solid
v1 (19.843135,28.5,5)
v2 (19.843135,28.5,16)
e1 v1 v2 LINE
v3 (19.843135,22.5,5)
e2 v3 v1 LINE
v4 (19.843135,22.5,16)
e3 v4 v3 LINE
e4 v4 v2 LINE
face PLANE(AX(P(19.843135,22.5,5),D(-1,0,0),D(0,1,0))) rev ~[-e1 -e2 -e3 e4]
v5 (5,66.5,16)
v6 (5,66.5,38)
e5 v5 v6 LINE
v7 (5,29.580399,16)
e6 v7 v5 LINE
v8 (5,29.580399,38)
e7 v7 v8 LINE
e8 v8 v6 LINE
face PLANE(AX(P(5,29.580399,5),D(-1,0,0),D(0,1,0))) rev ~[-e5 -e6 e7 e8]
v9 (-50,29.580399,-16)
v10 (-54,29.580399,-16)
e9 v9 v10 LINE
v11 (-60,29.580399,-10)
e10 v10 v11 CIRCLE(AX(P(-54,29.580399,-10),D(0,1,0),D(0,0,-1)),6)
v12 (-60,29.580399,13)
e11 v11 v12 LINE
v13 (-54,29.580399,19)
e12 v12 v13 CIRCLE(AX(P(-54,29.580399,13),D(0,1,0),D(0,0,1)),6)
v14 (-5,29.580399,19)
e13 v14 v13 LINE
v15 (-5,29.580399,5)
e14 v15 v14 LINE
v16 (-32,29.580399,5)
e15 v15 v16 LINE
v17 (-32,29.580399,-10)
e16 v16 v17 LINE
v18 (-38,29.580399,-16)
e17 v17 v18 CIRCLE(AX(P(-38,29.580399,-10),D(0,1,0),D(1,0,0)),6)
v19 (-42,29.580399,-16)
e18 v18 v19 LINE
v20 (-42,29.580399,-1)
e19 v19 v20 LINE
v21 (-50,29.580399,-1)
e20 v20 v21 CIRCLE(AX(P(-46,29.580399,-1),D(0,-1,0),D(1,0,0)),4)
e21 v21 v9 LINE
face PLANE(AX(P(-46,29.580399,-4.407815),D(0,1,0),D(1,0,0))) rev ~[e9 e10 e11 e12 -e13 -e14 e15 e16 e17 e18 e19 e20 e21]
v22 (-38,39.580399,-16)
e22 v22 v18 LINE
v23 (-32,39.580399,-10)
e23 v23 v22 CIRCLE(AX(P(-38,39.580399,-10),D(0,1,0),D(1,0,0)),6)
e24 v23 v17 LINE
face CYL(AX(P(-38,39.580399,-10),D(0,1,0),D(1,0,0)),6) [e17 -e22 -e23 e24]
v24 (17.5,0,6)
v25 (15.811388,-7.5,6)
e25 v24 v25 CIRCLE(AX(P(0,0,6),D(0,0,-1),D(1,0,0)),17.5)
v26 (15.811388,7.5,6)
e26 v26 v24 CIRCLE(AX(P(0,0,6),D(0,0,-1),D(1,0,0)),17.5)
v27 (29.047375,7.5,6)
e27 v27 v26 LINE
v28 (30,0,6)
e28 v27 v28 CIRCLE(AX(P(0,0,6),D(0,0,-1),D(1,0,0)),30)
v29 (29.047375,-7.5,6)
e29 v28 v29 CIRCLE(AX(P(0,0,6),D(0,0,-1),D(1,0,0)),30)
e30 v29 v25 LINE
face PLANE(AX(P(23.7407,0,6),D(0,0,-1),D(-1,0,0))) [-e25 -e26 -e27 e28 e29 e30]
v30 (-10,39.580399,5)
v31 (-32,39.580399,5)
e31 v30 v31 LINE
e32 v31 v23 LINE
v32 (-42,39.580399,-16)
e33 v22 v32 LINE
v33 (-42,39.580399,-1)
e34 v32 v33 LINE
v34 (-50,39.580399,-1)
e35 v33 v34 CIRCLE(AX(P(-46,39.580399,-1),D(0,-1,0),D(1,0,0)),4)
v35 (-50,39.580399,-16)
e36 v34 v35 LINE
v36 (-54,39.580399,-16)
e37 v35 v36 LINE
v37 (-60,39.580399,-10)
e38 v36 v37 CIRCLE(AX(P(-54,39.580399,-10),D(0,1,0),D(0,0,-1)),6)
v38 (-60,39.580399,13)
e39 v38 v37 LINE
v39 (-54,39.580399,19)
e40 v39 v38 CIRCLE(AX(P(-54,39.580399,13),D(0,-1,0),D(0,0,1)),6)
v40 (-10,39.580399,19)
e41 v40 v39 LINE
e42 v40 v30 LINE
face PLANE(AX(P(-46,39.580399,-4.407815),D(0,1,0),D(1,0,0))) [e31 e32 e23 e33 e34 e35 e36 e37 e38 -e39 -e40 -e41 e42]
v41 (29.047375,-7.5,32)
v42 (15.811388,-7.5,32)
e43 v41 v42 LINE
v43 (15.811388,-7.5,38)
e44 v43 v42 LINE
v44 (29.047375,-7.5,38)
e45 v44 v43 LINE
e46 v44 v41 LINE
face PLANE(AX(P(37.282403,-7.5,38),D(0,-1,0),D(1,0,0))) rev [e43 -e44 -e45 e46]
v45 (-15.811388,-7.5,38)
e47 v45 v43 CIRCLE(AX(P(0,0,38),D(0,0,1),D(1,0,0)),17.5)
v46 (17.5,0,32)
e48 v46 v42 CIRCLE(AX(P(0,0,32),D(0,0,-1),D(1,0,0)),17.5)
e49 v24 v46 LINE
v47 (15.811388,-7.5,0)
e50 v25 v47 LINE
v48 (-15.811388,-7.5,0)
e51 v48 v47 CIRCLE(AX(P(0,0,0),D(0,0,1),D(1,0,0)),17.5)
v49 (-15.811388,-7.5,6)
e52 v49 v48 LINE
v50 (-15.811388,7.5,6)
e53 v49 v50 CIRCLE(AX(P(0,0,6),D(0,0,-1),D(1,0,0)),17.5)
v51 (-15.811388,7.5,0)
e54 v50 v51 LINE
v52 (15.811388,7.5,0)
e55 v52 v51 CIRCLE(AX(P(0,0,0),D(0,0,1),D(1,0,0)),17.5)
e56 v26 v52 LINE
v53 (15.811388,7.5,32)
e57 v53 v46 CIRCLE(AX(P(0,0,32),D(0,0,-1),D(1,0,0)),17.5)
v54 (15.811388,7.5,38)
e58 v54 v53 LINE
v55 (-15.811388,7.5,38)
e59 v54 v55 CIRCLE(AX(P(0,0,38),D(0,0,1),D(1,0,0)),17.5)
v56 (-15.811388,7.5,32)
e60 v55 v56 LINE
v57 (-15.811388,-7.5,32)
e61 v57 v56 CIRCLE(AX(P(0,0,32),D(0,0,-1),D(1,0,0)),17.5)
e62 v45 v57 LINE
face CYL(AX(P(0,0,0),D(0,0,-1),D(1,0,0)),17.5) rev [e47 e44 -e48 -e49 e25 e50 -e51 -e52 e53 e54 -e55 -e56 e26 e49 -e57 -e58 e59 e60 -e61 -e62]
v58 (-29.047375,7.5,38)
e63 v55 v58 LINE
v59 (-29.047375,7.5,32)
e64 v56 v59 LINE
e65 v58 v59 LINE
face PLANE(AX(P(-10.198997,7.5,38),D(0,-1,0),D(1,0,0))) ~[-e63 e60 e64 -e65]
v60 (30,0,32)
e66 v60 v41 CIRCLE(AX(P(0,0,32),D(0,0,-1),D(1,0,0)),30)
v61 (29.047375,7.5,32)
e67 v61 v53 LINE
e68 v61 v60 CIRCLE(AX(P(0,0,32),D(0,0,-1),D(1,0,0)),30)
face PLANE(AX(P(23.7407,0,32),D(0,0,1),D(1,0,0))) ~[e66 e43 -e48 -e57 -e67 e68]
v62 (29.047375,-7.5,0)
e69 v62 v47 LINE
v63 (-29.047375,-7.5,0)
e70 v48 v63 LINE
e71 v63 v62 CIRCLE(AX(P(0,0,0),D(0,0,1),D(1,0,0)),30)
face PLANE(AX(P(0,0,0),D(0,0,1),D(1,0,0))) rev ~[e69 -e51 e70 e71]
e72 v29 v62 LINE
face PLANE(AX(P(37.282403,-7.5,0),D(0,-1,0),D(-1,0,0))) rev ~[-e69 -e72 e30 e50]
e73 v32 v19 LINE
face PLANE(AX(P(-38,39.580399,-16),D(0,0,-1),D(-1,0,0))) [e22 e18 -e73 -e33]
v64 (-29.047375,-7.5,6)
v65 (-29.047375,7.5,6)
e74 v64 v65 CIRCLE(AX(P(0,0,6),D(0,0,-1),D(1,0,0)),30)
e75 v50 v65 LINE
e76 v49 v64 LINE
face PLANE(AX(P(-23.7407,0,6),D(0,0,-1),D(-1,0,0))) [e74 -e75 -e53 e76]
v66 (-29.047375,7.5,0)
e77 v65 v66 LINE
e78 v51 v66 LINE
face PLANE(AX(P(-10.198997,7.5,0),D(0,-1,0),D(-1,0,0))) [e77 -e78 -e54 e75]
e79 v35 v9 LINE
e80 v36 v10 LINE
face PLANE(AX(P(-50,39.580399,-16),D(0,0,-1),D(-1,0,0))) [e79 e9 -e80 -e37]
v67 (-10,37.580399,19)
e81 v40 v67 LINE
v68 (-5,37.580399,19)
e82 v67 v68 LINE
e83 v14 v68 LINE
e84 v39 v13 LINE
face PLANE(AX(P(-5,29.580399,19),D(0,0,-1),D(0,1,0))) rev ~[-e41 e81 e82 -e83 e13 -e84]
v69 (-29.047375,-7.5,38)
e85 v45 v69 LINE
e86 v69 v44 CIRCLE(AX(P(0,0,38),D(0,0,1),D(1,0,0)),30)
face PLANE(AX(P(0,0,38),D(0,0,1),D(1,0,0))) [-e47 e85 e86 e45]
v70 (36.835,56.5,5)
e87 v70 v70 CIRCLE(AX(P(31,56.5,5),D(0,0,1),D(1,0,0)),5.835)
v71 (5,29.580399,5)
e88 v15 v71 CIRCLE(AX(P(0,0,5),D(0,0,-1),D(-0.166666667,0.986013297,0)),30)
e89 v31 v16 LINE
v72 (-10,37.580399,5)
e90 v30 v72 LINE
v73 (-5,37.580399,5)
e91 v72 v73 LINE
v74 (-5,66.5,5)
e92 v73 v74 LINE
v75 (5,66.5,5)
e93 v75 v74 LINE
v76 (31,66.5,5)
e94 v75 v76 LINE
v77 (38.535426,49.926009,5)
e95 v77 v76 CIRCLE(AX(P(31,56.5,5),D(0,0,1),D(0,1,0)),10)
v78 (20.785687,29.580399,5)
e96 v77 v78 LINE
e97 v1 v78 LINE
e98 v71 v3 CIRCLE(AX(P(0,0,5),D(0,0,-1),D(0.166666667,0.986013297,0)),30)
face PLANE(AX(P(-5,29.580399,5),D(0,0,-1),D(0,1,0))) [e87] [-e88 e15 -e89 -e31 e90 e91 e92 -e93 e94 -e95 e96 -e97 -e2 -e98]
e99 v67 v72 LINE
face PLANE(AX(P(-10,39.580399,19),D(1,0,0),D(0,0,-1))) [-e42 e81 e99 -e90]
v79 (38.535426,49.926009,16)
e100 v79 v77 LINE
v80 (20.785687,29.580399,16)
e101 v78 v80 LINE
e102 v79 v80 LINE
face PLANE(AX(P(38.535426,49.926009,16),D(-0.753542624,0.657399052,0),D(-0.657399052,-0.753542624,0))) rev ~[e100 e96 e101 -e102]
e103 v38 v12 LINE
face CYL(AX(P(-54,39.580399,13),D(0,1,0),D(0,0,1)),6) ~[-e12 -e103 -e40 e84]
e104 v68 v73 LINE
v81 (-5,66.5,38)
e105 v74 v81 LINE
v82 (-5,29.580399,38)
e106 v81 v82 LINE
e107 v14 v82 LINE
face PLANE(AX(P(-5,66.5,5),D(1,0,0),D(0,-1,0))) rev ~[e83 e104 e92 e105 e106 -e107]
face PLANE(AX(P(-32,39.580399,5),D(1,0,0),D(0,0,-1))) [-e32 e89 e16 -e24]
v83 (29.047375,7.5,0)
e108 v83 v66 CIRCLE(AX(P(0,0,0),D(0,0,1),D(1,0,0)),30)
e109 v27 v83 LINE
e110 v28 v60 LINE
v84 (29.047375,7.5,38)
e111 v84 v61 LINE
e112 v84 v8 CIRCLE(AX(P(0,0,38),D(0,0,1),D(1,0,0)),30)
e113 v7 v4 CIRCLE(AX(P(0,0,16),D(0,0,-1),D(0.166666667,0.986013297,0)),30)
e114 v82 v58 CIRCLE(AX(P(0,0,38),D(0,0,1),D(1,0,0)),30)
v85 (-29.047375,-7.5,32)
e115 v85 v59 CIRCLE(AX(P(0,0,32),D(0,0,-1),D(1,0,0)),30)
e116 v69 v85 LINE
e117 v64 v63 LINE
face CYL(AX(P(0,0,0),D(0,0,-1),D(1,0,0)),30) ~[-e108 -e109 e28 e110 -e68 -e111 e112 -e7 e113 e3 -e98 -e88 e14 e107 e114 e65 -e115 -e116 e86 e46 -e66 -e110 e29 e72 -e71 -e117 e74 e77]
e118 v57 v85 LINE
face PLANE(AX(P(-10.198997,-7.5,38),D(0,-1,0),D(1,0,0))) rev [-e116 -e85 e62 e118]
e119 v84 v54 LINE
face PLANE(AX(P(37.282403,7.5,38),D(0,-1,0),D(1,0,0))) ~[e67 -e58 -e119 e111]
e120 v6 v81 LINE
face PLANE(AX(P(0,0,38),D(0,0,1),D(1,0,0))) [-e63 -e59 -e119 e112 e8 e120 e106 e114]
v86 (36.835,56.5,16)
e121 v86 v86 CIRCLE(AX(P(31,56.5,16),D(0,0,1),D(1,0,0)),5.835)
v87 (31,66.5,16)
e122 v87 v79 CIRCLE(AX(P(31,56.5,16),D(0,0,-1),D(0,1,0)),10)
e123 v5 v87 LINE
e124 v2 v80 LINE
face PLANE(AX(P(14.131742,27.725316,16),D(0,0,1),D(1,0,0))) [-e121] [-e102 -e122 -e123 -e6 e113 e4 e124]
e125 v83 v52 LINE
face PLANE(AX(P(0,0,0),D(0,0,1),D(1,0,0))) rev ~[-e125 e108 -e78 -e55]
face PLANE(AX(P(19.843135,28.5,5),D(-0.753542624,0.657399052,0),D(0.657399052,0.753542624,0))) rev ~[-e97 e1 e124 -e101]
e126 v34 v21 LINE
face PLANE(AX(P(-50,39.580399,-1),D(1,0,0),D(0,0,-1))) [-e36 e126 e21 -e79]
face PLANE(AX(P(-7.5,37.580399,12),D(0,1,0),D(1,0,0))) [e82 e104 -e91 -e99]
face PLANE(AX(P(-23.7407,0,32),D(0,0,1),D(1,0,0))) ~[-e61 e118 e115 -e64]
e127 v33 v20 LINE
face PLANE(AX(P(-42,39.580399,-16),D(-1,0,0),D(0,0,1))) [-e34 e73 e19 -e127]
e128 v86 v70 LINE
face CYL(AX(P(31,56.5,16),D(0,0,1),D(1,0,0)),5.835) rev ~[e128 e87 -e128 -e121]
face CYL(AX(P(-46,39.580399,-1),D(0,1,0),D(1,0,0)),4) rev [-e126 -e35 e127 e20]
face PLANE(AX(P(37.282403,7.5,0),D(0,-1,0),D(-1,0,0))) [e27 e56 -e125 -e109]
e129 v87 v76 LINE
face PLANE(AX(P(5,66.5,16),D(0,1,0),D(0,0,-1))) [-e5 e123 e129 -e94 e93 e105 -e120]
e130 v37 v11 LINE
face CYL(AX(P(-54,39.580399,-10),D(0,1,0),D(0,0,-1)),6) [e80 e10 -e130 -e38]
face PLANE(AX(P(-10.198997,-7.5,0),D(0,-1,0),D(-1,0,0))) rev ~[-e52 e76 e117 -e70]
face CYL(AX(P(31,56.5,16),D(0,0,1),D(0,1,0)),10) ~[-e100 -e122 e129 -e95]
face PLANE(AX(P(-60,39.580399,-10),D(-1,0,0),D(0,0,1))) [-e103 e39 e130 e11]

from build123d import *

# Parameters (mm, degrees)
SKETCH1_R           = 30
SKETCH1_R_2         = 17.5
BOSS_EXTRUDE1_DEPTH = 38
BOSS_EXTRUDE2_START = -33
BOSS_EXTRUDE2_DEPTH = 33
SKETCH6_W           = 11
SKETCH6_H           = 36.919601085
BOSS_EXTRUDE3_DEPTH = 41.84
SKETCH8_R           = 5.835
CUT_EXTRUDE2_DEPTH  = 41.84
BOSS_EXTRUDE4_DEPTH = 11
SKETCH13_W          = 14
SKETCH13_H          = 10
BOSS_EXTRUDE7_DEPTH = 55
SKETCH14_W          = 5
SKETCH14_H          = 14
CUT_EXTRUDE3_DEPTH  = 2
BOSS_EXTRUDE8_DEPTH = 10
CUT_EXTRUDE4_DEPTH  = 100.425509369
SKETCH18_W          = 27.083405909
SKETCH18_H          = 15
CUT_EXTRUDE5_DEPTH  = 6


with BuildPart() as part:
    # Sketch1 → Boss-Extrude1 (new body)
    with BuildSketch(Plane.XY):
        Circle(SKETCH1_R)
        Circle(SKETCH1_R_2, mode=Mode.SUBTRACT)
    extrude(amount=BOSS_EXTRUDE1_DEPTH)

    # Sketch3 → Boss-Extrude2 (add)
    with BuildSketch(Plane.XY.offset(38).offset(BOSS_EXTRUDE2_START)):
        with BuildLine():
            Line((5, 29.580398915), (5, 66.5))
            Line((5, 66.5), (-5, 66.5))
            Line((-5, 66.5), (-5, 29.580398915))
            ThreePointArc((-5, 29.580398915), (0, 30), (5, 29.580398915))
        make_face()
    extrude(amount=BOSS_EXTRUDE2_DEPTH)

    # Sketch6 → Boss-Extrude3 (add)
    with BuildSketch(Plane(origin=(5, 0, 0), x_dir=(0, 0, -1), z_dir=(1, 0, 0))):
        with Locations((-10.5, 48.040199458)):
            Rectangle(SKETCH6_W, SKETCH6_H)
    extrude(amount=BOSS_EXTRUDE3_DEPTH)

    # Sketch8 → Cut-Extrude2 (cut)
    with BuildSketch(Plane.XY.offset(16)):
        with BuildLine():
            Line((38.535426242, 49.92600948), (19.843134833, 28.5))
            Line((19.843134833, 28.5), (19.843134833, 22.5))
            Line((19.843134833, 22.5), (50.730835644, 21.613123559))
            Line((50.730835644, 21.613123559), (58.316291642, 73.170252493))
            Line((58.316291642, 73.170252493), (32.080152152, 77.030302224))
            Line((32.080152152, 77.030302224), (31, 66.5))
            ThreePointArc((31, 66.5), (40.103293503, 60.638846144), (38.535426242, 49.92600948))
        make_face()
        with Locations((31, 56.5)):
            Circle(SKETCH8_R)
    extrude(amount=-CUT_EXTRUDE2_DEPTH, mode=Mode.SUBTRACT)

    # Sketch11 → Boss-Extrude4 (add)
    with BuildSketch(Plane(origin=(0, 0, 5), x_dir=(-1, 0, 0), z_dir=(0, 0, -1))):
        with BuildLine():
            Line((-19.843134833, 22.5), (-19.843134833, 28.5))
            Line((-19.843134833, 28.5), (-20.785686986, 29.580398915))
            Line((-20.785686986, 29.580398915), (-5, 29.580398915))
            ThreePointArc((-5, 29.580398915), (-12.91620491, 27.077142588), (-19.843134833, 22.5))
        make_face()
    extrude(amount=-BOSS_EXTRUDE4_DEPTH)

    # Sketch13 → Boss-Extrude7 (add)
    with BuildSketch(Plane.ZY.offset(5)):
        with Locations((12, 34.580398915)):
            Rectangle(SKETCH13_W, SKETCH13_H)
    extrude(amount=BOSS_EXTRUDE7_DEPTH)

    # Sketch14 → Cut-Extrude3 (cut)
    with BuildSketch(Plane(origin=(0, 39.580398915, 0), x_dir=(1, 0, 0), z_dir=(0, 1, 0))):
        with Locations((-7.5, -12)):
            Rectangle(SKETCH14_W, SKETCH14_H)
    extrude(amount=-CUT_EXTRUDE3_DEPTH, mode=Mode.SUBTRACT)

    # Sketch15 → Boss-Extrude8 (add)
    with BuildSketch(Plane(origin=(0, 39.580398915, 0), x_dir=(1, 0, 0), z_dir=(0, 1, 0))):
        with BuildLine():
            Line((-60, 10), (-60, -5))
            Line((-60, -5), (-32, -5))
            Line((-32, -5), (-32, 10))
            ThreePointArc((-32, 10), (-33.757359313, 14.242640687), (-38, 16))
            Line((-38, 16), (-42, 16))
            Line((-42, 16), (-42, 1))
            ThreePointArc((-42, 1), (-46, -3), (-50, 1))
            Line((-50, 1), (-50, 16))
            Line((-50, 16), (-54, 16))
            ThreePointArc((-54, 16), (-58.242640687, 14.242640687), (-60, 10))
        make_face()
    extrude(amount=-BOSS_EXTRUDE8_DEPTH)

    # Sketch16 → Cut-Extrude4 (cut, through all)
    with BuildSketch(Plane(origin=(0, 39.580398915, 0), x_dir=(1, 0, 0), z_dir=(0, 1, 0))):
        with BuildLine():
            ThreePointArc((-54, -19), (-58.242640687, -17.242640687), (-60, -13))
            Line((-60, -13), (-60, -19))
            Line((-60, -19), (-54, -19))
        make_face()
    extrude(amount=-CUT_EXTRUDE4_DEPTH, mode=Mode.SUBTRACT)

    # Sketch18 → Cut-Extrude5 (cut)
    with BuildSketch(Plane(origin=(0, 0, 0), x_dir=(-1, 0, 0), z_dir=(0, 0, -1))):
        with Locations((-23.74070021, 0)):
            Rectangle(SKETCH18_W, SKETCH18_H)
        with Locations((23.74070021, 0)):
            Rectangle(SKETCH18_W, SKETCH18_H)
    cut_extrude5 = extrude(amount=-CUT_EXTRUDE5_DEPTH, mode=Mode.SUBTRACT)

    # Mirror1: Cut-Extrude5 across plane
    add(cut_extrude5.mirror(Plane.XY.offset(19)), mode=Mode.SUBTRACT)


solid = part.part
